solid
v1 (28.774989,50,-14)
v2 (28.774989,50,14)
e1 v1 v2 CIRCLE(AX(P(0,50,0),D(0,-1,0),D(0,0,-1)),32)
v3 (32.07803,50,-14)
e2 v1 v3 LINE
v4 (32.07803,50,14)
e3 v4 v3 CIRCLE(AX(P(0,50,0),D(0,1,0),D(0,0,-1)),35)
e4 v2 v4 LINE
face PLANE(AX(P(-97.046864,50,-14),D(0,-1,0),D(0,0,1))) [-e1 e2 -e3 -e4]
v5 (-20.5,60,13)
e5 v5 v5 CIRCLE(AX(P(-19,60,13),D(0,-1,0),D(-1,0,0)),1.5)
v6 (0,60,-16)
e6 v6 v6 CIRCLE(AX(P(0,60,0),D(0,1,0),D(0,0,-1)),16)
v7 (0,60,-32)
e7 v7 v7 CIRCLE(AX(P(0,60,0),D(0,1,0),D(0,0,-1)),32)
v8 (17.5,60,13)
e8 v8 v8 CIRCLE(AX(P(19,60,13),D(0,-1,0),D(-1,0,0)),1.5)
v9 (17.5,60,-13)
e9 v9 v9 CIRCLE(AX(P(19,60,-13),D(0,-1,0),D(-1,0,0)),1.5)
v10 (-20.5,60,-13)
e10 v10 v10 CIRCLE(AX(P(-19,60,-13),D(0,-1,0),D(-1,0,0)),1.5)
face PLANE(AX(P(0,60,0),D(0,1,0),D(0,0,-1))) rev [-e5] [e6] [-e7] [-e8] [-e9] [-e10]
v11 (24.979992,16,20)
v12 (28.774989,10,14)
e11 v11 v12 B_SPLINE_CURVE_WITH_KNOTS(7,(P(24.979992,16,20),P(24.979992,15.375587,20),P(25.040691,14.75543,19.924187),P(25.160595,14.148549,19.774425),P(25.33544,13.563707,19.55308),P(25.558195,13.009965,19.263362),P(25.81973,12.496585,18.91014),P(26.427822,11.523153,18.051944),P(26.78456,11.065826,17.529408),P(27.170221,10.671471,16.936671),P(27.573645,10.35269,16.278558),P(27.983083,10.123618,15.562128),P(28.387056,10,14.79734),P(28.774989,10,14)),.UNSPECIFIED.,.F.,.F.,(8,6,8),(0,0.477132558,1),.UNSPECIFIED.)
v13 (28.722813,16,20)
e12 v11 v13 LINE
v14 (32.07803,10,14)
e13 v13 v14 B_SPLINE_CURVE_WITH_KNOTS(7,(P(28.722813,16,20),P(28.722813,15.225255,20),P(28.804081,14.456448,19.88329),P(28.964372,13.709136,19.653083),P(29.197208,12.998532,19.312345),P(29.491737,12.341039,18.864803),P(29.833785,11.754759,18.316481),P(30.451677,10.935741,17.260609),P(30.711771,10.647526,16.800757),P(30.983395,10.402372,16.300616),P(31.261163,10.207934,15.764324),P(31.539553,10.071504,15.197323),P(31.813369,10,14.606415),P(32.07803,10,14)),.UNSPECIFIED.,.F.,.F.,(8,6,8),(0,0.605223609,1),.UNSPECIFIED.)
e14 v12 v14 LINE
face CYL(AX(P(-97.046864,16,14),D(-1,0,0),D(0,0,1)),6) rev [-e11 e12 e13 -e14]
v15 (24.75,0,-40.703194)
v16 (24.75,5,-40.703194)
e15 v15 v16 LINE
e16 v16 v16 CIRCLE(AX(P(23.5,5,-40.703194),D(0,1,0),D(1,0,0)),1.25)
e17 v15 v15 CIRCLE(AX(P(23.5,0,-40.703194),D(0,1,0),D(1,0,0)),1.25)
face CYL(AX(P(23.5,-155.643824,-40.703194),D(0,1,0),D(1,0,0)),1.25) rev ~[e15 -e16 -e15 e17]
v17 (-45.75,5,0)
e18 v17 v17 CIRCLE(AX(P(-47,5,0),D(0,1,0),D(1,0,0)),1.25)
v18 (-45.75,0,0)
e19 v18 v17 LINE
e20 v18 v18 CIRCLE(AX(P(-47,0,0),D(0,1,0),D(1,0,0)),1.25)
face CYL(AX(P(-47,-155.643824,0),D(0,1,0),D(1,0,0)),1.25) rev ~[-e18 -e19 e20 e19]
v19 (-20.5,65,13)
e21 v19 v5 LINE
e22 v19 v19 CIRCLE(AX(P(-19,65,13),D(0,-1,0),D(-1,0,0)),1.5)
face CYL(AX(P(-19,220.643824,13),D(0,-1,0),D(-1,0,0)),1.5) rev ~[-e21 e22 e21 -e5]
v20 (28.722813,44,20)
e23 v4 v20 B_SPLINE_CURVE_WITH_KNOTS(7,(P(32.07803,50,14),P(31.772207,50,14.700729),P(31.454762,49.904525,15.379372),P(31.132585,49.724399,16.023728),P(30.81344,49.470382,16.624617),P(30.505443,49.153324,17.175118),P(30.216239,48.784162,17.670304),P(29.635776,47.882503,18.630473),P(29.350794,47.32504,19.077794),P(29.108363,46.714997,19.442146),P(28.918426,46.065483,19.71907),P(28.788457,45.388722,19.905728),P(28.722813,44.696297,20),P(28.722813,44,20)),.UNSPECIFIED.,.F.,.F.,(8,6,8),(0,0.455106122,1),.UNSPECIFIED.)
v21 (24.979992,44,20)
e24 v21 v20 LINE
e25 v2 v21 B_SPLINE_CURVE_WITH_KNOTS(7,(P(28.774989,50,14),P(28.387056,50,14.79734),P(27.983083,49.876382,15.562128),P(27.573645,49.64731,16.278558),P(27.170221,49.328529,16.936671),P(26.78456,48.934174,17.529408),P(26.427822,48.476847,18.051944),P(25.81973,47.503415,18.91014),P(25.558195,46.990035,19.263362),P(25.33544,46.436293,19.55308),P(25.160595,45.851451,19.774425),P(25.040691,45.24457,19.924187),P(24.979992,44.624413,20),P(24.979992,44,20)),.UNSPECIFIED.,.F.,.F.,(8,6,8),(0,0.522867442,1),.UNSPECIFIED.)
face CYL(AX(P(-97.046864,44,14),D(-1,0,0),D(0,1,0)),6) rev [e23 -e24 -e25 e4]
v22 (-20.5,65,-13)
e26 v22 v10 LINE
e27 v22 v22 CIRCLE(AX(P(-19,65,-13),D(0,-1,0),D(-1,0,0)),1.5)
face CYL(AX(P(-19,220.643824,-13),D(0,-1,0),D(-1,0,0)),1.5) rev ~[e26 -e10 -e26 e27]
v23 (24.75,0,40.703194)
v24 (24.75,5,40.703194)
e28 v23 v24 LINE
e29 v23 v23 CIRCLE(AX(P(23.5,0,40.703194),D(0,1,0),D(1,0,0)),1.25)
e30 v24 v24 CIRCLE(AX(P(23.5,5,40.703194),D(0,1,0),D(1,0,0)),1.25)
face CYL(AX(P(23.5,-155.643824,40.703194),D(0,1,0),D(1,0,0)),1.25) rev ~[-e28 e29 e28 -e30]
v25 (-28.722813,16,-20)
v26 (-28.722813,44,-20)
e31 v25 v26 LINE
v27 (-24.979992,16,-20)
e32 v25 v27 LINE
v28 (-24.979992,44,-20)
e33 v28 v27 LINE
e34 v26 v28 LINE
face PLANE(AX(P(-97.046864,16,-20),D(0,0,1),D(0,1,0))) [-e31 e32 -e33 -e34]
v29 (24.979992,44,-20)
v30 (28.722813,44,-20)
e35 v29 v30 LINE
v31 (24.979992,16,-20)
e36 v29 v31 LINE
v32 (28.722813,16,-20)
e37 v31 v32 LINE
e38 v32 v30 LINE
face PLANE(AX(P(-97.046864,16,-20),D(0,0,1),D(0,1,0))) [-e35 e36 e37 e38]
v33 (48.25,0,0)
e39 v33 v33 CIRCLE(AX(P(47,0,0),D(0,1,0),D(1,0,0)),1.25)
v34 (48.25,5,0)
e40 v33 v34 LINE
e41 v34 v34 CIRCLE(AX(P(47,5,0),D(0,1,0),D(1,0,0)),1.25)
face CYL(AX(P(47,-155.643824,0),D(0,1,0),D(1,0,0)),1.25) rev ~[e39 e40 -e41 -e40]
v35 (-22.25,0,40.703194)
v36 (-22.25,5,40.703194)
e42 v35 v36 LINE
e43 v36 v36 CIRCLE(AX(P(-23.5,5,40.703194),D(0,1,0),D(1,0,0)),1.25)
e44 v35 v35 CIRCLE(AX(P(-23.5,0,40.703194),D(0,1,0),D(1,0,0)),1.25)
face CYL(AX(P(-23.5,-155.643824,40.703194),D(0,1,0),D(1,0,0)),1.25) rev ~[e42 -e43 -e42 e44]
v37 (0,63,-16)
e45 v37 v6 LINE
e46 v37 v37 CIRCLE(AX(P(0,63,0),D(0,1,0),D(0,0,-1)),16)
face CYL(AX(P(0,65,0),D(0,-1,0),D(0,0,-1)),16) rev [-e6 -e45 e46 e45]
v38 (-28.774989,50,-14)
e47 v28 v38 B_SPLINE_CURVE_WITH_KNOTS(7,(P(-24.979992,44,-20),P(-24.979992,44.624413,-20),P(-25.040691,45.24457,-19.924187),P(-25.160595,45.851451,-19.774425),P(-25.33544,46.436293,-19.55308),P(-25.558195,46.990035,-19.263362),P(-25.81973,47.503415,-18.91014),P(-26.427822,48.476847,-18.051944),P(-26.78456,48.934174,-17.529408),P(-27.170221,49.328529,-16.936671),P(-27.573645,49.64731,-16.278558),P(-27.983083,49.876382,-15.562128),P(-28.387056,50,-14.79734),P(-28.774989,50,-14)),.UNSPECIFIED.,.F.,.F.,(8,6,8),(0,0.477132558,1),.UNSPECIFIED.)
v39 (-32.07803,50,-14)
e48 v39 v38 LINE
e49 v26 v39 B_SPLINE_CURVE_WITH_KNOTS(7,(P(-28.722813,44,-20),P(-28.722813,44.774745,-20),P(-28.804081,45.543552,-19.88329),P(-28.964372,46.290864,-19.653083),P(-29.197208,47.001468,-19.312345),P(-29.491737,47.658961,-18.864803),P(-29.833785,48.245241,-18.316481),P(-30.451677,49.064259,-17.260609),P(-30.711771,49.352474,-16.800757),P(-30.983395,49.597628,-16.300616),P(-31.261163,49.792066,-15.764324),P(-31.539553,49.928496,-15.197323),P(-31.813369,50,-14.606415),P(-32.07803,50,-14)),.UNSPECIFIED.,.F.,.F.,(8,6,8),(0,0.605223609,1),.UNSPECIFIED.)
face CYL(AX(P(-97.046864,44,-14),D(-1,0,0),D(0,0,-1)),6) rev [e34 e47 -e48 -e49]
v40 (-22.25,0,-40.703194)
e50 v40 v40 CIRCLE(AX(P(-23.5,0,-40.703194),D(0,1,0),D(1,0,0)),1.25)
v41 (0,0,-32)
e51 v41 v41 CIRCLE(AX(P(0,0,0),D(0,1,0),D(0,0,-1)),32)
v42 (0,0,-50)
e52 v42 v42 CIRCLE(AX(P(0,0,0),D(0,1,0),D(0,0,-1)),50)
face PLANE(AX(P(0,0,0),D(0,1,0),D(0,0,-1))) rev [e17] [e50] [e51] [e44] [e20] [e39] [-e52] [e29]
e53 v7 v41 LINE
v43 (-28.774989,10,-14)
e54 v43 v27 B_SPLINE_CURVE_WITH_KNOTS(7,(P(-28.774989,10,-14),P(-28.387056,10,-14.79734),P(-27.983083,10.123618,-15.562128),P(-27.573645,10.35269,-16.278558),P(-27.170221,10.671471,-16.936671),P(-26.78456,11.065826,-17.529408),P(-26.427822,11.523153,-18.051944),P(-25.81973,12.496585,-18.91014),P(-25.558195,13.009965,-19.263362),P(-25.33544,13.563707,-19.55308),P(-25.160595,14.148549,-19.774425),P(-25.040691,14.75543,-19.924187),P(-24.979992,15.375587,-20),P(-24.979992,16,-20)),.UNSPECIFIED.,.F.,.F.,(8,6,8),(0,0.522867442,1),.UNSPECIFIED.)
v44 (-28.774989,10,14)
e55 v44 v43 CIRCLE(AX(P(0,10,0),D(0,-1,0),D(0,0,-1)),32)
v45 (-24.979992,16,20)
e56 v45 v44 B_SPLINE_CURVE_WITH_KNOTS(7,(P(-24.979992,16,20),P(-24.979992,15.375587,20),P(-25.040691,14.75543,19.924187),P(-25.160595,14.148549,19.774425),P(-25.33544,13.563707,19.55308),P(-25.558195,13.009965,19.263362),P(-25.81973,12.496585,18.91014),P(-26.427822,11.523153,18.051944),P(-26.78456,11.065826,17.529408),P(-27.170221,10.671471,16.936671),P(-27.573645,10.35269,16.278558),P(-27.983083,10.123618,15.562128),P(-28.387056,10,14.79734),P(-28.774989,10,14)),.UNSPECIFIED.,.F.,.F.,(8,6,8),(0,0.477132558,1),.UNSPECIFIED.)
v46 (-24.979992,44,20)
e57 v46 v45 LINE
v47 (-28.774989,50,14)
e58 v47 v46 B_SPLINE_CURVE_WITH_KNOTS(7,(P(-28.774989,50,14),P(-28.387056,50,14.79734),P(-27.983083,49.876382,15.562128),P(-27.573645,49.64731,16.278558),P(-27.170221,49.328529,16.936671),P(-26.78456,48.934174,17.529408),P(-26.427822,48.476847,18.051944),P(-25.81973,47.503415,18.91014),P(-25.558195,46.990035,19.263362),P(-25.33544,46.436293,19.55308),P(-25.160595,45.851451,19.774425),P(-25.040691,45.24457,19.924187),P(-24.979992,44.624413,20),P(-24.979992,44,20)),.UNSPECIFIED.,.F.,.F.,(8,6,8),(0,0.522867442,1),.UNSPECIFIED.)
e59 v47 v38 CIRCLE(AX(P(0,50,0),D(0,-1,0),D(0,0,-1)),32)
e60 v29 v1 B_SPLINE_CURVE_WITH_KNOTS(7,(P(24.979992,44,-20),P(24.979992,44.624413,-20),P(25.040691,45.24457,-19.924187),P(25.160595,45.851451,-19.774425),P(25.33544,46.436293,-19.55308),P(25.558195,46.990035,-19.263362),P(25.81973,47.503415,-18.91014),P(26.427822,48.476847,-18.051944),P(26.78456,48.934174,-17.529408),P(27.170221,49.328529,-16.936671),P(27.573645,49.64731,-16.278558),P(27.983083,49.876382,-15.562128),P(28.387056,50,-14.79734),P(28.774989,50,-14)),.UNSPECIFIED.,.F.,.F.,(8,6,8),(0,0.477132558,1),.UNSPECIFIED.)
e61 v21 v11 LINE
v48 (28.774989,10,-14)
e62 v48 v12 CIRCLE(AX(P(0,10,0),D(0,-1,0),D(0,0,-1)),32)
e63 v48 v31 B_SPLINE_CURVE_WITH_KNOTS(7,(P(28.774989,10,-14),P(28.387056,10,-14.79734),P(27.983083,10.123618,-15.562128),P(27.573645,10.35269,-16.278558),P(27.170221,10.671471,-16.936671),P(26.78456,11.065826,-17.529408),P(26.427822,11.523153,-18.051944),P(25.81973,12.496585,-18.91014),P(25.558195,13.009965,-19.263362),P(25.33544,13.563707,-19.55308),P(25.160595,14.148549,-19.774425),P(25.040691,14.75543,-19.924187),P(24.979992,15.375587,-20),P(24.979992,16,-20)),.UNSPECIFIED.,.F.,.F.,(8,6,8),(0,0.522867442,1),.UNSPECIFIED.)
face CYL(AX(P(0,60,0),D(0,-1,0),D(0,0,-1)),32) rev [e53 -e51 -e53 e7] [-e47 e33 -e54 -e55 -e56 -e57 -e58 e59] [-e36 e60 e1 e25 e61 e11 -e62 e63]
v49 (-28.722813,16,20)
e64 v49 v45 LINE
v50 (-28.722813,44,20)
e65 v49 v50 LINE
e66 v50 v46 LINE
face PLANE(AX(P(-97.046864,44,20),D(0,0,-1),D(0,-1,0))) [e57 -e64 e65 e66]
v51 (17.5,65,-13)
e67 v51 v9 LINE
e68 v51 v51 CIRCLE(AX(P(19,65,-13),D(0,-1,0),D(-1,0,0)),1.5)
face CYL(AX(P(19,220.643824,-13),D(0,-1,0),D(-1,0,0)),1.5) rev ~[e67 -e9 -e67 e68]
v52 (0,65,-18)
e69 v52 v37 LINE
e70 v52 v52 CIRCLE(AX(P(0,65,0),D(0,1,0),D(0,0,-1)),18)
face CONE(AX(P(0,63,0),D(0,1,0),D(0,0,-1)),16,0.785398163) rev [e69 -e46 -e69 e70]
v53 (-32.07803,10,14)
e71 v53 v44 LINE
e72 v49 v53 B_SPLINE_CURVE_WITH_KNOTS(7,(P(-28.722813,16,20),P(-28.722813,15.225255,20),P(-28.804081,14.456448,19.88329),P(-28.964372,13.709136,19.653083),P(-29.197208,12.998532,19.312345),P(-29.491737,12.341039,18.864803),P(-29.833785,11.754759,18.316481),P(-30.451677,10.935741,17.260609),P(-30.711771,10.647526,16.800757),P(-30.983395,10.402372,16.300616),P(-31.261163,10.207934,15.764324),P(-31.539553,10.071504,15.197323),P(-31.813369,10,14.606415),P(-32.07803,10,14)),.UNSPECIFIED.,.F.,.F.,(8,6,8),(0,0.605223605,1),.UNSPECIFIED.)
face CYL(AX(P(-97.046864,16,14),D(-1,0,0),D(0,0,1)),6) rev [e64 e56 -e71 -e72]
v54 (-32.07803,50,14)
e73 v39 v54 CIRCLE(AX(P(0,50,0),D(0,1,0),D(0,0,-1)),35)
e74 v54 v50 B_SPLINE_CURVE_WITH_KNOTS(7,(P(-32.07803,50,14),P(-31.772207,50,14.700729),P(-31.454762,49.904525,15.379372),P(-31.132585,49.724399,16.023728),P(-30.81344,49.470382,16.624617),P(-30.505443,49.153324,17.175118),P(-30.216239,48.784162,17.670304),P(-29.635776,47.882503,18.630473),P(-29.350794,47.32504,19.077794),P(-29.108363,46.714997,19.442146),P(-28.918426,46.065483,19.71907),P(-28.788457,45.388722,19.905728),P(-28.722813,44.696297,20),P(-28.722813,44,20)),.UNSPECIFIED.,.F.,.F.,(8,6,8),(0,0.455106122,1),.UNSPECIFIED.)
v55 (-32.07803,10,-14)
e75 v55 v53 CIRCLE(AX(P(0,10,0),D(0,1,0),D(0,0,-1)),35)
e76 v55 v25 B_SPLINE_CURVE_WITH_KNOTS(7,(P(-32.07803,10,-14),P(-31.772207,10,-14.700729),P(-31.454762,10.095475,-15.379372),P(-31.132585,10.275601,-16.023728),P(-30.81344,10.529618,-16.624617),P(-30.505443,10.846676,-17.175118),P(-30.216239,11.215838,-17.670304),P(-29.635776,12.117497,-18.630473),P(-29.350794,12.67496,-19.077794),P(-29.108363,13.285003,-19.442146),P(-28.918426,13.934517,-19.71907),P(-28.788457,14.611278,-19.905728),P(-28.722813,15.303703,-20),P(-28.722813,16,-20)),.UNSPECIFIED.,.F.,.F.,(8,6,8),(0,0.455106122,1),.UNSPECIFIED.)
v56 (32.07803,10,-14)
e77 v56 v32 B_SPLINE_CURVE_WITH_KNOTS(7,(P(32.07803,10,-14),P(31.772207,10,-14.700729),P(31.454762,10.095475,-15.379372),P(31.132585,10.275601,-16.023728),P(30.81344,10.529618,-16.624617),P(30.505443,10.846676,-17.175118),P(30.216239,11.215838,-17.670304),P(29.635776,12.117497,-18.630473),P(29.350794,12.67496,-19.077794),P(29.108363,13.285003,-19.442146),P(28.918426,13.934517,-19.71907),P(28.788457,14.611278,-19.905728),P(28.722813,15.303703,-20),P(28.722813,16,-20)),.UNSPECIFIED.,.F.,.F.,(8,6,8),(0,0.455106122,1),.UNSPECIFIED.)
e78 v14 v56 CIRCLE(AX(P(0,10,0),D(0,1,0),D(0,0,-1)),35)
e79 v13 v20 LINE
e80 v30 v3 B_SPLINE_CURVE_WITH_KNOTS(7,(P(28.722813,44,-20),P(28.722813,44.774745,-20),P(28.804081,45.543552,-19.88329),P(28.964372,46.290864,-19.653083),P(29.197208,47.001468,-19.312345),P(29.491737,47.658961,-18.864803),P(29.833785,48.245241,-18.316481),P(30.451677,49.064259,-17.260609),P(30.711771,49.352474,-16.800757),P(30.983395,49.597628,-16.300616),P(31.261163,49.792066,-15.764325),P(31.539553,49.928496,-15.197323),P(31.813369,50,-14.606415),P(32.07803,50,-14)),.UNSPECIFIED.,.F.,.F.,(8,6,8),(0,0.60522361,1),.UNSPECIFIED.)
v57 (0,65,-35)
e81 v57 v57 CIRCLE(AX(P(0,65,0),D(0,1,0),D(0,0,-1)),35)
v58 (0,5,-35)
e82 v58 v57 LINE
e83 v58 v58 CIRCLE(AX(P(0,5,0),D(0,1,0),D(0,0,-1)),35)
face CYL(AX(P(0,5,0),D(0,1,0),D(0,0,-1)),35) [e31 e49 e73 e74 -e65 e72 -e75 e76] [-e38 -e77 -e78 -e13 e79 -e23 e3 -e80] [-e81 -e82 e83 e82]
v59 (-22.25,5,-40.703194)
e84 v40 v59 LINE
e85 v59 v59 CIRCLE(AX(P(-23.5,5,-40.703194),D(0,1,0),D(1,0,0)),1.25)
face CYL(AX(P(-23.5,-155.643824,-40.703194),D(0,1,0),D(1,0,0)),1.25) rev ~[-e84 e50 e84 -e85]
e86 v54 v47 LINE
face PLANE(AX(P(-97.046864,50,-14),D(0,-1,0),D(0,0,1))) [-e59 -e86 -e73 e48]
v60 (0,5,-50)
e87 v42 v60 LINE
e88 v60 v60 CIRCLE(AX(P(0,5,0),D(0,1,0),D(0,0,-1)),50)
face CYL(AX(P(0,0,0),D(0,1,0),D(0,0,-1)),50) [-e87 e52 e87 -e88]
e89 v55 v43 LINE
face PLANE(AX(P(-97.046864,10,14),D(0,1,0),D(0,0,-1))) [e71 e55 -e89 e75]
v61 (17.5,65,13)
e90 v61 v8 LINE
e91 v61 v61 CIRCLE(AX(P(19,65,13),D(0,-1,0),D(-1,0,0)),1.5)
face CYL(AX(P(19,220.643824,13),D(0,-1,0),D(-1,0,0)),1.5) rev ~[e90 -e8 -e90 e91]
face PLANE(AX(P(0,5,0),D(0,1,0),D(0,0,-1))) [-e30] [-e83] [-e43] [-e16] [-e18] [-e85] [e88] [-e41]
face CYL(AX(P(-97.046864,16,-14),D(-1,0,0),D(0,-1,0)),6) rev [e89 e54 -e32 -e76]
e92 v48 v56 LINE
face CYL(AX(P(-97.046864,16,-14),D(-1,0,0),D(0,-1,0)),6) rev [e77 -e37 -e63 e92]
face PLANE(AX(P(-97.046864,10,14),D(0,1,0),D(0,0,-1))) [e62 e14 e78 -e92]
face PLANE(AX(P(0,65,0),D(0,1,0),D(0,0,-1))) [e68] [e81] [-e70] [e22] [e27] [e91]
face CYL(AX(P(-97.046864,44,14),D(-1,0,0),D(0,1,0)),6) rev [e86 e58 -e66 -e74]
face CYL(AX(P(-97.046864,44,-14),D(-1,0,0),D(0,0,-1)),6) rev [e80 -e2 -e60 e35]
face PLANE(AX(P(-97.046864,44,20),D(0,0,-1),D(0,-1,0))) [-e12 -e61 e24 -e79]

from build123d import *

# Parameters (mm, degrees)
CHAMFER_1_SIZE           = 2
HOLE_WIZARD_M3_1_D       = 3
CUT_EXTRUDE_1_DEPTH      = 97.046863561
CUT_EXTRUDE_1_DEPTH_BACK = 97.046863561
HOLE_WIZARD_M3_1_2_D     = 2.5


with BuildPart() as part:
    # 草图1 → 旋转1 (revolve)
    with BuildSketch(Plane(origin=(0, 0, 0), x_dir=(0, 0, -1), z_dir=(1, 0, 0))):
        Polygon((32, 0), (50, 0), (50, 5), (35, 5), (35, 65), (16, 65), (16, 60), (32, 60), align=None)
    revolve(axis=Axis((0, 0, 0), (0, 1, 0)))

    # 倒角1
    chamfer_1_edges = [part.edges().sort_by_distance(p)[0] for p in [
        (0, 65, 16),
    ]]
    chamfer(chamfer_1_edges, length=CHAMFER_1_SIZE)

    # Hole Wizard M3 _1 (through all)
    with Locations(Plane(origin=(0, 65, 0), x_dir=(1, 0, 0), z_dir=(0, 1, 0))):
        with Locations((19, -13), (-19, 13), (-19, -13), (19, 13)):
            Hole(HOLE_WIZARD_M3_1_D / 2)

    # 草图4 → 切除-拉伸1 (cut, two sides: drawn at the far end of the back side and taken through both)
    with BuildSketch(Plane(origin=(0, 0, 0), x_dir=(0, 0, -1), z_dir=(1, 0, 0)).offset(-CUT_EXTRUDE_1_DEPTH_BACK)):
        with BuildLine():
            Line((-14, 10), (14, 10))
            ThreePointArc((14, 10), (18.242640687, 11.757359313), (20, 16))
            Line((20, 16), (20, 44))
            ThreePointArc((20, 44), (18.242640687, 48.242640687), (14, 50))
            Line((14, 50), (-14, 50))
            ThreePointArc((-14, 50), (-18.242640687, 48.242640687), (-20, 44))
            Line((-20, 44), (-20, 16))
            ThreePointArc((-20, 16), (-18.242640687, 11.757359313), (-14, 10))
        make_face()
    extrude(amount=CUT_EXTRUDE_1_DEPTH + CUT_EXTRUDE_1_DEPTH_BACK, mode=Mode.SUBTRACT)

    # Hole Wizard M3 _1 2 (through all)
    with Locations(Plane(origin=(0, 0, 0), x_dir=(-1, 0, 0), z_dir=(0, -1, 0))):
        with Locations((47, 0), (23.5, -40.703193978), (-23.5, -40.703193978), (-47, 0), (-23.5, 40.703193978), (23.5, 40.703193978)):
            Hole(HOLE_WIZARD_M3_1_2_D / 2)


solid = part.part
